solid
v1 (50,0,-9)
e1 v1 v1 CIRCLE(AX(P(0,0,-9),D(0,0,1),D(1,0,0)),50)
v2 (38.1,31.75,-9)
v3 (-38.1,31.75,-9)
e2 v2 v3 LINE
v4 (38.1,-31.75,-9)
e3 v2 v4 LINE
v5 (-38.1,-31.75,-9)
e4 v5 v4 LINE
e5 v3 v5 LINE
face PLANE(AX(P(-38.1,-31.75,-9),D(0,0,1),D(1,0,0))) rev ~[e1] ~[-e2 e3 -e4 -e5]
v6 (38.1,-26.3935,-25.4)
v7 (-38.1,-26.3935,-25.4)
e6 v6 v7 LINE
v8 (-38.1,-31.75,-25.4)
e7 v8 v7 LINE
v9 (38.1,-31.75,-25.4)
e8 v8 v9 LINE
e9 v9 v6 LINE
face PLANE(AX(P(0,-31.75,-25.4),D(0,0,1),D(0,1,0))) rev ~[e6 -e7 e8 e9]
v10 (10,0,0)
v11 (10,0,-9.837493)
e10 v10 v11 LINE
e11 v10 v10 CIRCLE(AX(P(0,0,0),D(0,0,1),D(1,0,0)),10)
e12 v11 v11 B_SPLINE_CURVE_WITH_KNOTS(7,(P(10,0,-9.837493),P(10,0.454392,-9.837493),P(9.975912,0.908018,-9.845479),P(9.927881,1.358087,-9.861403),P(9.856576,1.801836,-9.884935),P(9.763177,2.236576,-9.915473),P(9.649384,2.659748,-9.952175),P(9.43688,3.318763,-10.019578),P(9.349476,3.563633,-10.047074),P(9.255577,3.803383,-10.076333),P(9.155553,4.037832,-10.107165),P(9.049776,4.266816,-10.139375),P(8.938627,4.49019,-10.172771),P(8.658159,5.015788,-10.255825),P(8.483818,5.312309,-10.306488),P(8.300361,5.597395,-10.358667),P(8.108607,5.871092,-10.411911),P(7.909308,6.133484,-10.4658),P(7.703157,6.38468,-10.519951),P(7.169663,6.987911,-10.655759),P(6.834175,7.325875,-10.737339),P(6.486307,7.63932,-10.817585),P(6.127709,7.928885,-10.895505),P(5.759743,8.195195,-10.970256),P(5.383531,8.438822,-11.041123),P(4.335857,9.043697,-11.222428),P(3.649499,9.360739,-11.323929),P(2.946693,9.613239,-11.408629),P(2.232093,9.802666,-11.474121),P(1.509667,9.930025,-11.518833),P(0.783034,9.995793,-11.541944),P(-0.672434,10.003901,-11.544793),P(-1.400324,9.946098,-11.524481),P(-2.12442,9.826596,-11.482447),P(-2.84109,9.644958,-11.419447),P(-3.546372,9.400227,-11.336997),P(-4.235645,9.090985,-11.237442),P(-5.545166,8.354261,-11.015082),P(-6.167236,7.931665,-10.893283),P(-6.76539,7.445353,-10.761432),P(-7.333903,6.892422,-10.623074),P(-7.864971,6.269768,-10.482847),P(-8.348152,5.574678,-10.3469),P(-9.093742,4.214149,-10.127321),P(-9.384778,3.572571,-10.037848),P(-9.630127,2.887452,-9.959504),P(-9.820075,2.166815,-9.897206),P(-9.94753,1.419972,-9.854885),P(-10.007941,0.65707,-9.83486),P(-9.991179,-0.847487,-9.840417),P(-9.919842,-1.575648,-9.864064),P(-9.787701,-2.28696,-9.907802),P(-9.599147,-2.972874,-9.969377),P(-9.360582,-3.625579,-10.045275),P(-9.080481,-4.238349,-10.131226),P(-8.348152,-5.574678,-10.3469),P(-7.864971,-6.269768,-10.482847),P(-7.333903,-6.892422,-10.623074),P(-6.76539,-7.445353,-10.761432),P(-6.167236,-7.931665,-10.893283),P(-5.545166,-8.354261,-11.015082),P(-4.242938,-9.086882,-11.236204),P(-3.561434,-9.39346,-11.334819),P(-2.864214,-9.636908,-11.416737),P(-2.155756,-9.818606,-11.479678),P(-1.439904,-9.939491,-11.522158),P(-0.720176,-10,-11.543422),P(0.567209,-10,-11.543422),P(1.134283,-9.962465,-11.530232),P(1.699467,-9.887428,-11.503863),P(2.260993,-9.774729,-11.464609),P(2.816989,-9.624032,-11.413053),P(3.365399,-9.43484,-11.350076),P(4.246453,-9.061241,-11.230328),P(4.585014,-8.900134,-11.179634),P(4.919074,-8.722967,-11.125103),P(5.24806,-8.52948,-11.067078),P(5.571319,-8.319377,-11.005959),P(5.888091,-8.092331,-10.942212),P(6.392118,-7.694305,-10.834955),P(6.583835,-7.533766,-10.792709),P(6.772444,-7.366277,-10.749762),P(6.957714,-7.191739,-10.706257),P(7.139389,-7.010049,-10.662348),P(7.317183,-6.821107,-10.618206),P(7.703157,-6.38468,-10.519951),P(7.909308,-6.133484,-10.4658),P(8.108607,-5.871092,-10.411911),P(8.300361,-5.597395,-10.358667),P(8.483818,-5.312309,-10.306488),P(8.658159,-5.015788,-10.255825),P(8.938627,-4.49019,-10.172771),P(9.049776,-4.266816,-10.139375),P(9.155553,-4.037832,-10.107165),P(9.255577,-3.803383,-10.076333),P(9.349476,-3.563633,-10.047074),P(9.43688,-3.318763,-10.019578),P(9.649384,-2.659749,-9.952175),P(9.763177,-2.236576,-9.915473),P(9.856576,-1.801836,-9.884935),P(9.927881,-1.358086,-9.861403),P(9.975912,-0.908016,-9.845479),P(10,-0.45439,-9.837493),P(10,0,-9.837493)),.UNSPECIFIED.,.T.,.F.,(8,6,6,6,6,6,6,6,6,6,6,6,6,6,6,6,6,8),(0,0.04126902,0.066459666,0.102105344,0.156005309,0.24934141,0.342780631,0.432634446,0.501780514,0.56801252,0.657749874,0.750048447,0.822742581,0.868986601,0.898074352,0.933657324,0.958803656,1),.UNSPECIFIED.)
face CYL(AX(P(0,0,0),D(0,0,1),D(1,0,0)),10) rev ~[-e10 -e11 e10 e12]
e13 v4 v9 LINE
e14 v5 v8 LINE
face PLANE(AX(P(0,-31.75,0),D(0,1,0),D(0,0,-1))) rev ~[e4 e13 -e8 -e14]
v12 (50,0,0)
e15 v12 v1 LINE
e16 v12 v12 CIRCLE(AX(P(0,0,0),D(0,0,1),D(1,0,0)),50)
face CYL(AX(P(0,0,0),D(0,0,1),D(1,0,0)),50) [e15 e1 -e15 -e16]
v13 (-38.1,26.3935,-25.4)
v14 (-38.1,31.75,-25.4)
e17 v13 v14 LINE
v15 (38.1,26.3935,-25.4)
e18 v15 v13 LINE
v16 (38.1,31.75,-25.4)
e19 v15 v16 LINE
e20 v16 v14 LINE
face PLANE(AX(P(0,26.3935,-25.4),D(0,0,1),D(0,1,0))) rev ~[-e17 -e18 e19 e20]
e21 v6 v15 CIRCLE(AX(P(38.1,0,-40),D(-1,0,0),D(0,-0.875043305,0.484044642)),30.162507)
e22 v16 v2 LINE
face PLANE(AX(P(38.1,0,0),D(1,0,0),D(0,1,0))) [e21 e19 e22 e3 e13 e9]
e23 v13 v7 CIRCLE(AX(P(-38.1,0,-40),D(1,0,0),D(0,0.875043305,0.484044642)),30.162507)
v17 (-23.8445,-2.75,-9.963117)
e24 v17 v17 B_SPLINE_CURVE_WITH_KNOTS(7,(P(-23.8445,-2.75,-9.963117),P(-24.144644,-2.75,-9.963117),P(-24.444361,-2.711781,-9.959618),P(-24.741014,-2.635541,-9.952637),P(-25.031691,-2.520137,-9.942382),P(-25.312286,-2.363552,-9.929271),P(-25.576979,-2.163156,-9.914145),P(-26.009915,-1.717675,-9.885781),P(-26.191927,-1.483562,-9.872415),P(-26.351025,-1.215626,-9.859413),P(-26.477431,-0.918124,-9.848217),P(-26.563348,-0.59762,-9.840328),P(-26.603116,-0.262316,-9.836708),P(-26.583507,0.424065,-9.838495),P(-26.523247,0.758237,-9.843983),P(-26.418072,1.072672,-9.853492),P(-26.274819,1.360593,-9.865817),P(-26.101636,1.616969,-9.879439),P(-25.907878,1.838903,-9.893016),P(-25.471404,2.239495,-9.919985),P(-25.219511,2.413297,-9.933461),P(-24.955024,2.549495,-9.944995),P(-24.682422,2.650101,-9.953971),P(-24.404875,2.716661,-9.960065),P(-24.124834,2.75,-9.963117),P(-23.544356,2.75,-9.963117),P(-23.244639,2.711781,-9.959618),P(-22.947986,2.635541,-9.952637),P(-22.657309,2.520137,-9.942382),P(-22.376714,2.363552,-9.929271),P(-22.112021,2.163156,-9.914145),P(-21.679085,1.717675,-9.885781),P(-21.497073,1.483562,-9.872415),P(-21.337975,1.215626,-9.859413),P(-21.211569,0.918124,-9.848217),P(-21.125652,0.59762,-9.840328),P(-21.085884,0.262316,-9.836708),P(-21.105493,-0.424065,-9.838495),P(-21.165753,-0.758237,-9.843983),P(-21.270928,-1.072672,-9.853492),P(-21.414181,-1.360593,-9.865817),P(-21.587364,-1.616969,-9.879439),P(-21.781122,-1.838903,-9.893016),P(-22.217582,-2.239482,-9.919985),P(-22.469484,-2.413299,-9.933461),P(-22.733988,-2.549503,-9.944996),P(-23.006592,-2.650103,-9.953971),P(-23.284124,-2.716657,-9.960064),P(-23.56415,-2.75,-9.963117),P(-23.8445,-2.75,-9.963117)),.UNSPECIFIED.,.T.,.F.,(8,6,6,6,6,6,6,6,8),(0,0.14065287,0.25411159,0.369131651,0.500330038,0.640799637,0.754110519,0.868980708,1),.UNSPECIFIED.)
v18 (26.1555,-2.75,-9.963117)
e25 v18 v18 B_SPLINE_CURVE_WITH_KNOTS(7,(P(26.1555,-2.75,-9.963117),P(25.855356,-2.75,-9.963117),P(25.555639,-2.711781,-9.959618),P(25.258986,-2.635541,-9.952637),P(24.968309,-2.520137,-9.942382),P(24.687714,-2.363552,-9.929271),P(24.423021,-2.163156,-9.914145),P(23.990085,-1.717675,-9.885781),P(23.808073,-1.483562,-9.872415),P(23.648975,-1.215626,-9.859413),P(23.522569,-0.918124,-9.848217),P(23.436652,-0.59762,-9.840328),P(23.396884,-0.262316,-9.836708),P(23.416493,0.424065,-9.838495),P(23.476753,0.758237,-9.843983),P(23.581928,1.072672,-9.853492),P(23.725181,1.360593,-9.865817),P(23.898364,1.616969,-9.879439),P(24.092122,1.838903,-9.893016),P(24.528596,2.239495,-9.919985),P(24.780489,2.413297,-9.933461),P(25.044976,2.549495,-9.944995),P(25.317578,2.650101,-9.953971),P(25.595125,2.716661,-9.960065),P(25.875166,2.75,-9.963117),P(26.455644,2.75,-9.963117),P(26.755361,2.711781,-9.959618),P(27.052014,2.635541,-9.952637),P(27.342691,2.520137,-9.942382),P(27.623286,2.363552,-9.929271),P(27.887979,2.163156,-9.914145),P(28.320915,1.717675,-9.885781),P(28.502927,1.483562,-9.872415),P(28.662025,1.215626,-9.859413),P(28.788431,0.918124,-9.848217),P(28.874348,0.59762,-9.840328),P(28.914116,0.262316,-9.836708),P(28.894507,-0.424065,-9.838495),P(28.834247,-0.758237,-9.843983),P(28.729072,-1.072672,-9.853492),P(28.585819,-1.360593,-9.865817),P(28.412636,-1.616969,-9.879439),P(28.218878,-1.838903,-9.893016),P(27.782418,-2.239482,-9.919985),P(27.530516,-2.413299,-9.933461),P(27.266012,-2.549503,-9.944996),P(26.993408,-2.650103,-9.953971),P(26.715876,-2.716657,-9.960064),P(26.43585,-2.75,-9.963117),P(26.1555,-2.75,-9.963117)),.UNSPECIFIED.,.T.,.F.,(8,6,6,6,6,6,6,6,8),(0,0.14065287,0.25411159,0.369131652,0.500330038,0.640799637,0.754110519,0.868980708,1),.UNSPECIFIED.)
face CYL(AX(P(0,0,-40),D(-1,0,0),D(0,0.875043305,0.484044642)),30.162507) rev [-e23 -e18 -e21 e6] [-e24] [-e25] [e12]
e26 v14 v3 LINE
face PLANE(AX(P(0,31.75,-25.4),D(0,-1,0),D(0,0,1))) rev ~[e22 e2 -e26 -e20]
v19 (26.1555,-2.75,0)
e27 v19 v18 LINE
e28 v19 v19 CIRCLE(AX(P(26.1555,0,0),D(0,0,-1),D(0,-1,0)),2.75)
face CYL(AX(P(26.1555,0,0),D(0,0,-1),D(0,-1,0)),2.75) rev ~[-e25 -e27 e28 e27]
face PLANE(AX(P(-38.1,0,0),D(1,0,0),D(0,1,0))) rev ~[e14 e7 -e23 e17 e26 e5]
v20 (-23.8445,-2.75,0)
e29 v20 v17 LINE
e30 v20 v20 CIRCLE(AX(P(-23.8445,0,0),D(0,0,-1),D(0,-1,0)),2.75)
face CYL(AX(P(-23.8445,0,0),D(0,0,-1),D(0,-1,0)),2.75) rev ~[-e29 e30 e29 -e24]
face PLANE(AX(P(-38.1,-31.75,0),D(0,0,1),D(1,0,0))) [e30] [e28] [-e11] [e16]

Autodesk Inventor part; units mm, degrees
ref_plane "YZ Plane" through (0, 0, 0) normal (1, 0, 0) x (0, 1, 0)
ref_plane "XZ Plane" through (0, 0, 0) normal (0, 1, 0) x (-1, 0, 0)
ref_plane "XY Plane" through (0, 0, 0) normal (0, 0, 1) x (1, 0, 0)
sketch "Sketch1" plane through (0, 0, 0) normal (1, 0, 0) x (0, 1, 0)
  circle A0 centre (0, -40) radius 30.1625 construction
  line L0 (31.75, 0) -> (-31.75, 0)
  line L1 (-31.75, 0) -> (-31.75, -25.4)
  line L2 (31.75, -25.4) -> (31.75, 0)
  line L3 (0, 0) -> (0, -115.458)
  arc A1 (26.3935, -25.4) -> (-26.3935, -25.4) centre (0, -40) ccw
  line L4 (-31.75, -25.4) -> (-26.3935, -25.4)
  line L5 (26.3935, -25.4) -> (31.75, -25.4)
  dimension "d1" = 60.325
  dimension "d3" = 63.5
  dimension "d4" = 40
  dimension "d5" = 25.4
extrude "Extrusion1" add sketch "Sketch1" along normal mid plane 76.2
sketch "Sketch2" plane through (-38.1, -31.75, 0) normal (0, 0, 1) x (1, 0, 0)
  circle A0 centre (38.1, 31.75) radius 50
  dimension "d8" = 100
extrude "Extrusion2" add sketch "Sketch2" against normal blind 9
sketch "Sketch3" plane through (0, 0, 0) normal (0, 0, 1) x (1, 0, 0)
  circle A0 centre (0, 0) radius 10
  dimension "d11" = 20
extrude "Extrusion3" cut sketch "Sketch3" against normal through all
sketch "Sketch5" plane through (0, 0, 0) normal (0, 0, 1) x (1, 0, 0)
  point P0 (0, 0)
  point P1 (26.1555, 0)
  point P2 (-23.8445, 0)
  point P3 (-23.8445, 0)
  point P4 (26.1555, 0)
  dimension "d23" = 50
hole "Hole1" at (26.1555, 0, 0) at (-23.8445, 0, 0) direction (0, 0, -1) diameter 5.5 end through all clearance for "Hex Head Cap Screw ISO 24017" size "M5" standard "ISO"
properties part number "Hub Plate" material "ABS Plastic"
